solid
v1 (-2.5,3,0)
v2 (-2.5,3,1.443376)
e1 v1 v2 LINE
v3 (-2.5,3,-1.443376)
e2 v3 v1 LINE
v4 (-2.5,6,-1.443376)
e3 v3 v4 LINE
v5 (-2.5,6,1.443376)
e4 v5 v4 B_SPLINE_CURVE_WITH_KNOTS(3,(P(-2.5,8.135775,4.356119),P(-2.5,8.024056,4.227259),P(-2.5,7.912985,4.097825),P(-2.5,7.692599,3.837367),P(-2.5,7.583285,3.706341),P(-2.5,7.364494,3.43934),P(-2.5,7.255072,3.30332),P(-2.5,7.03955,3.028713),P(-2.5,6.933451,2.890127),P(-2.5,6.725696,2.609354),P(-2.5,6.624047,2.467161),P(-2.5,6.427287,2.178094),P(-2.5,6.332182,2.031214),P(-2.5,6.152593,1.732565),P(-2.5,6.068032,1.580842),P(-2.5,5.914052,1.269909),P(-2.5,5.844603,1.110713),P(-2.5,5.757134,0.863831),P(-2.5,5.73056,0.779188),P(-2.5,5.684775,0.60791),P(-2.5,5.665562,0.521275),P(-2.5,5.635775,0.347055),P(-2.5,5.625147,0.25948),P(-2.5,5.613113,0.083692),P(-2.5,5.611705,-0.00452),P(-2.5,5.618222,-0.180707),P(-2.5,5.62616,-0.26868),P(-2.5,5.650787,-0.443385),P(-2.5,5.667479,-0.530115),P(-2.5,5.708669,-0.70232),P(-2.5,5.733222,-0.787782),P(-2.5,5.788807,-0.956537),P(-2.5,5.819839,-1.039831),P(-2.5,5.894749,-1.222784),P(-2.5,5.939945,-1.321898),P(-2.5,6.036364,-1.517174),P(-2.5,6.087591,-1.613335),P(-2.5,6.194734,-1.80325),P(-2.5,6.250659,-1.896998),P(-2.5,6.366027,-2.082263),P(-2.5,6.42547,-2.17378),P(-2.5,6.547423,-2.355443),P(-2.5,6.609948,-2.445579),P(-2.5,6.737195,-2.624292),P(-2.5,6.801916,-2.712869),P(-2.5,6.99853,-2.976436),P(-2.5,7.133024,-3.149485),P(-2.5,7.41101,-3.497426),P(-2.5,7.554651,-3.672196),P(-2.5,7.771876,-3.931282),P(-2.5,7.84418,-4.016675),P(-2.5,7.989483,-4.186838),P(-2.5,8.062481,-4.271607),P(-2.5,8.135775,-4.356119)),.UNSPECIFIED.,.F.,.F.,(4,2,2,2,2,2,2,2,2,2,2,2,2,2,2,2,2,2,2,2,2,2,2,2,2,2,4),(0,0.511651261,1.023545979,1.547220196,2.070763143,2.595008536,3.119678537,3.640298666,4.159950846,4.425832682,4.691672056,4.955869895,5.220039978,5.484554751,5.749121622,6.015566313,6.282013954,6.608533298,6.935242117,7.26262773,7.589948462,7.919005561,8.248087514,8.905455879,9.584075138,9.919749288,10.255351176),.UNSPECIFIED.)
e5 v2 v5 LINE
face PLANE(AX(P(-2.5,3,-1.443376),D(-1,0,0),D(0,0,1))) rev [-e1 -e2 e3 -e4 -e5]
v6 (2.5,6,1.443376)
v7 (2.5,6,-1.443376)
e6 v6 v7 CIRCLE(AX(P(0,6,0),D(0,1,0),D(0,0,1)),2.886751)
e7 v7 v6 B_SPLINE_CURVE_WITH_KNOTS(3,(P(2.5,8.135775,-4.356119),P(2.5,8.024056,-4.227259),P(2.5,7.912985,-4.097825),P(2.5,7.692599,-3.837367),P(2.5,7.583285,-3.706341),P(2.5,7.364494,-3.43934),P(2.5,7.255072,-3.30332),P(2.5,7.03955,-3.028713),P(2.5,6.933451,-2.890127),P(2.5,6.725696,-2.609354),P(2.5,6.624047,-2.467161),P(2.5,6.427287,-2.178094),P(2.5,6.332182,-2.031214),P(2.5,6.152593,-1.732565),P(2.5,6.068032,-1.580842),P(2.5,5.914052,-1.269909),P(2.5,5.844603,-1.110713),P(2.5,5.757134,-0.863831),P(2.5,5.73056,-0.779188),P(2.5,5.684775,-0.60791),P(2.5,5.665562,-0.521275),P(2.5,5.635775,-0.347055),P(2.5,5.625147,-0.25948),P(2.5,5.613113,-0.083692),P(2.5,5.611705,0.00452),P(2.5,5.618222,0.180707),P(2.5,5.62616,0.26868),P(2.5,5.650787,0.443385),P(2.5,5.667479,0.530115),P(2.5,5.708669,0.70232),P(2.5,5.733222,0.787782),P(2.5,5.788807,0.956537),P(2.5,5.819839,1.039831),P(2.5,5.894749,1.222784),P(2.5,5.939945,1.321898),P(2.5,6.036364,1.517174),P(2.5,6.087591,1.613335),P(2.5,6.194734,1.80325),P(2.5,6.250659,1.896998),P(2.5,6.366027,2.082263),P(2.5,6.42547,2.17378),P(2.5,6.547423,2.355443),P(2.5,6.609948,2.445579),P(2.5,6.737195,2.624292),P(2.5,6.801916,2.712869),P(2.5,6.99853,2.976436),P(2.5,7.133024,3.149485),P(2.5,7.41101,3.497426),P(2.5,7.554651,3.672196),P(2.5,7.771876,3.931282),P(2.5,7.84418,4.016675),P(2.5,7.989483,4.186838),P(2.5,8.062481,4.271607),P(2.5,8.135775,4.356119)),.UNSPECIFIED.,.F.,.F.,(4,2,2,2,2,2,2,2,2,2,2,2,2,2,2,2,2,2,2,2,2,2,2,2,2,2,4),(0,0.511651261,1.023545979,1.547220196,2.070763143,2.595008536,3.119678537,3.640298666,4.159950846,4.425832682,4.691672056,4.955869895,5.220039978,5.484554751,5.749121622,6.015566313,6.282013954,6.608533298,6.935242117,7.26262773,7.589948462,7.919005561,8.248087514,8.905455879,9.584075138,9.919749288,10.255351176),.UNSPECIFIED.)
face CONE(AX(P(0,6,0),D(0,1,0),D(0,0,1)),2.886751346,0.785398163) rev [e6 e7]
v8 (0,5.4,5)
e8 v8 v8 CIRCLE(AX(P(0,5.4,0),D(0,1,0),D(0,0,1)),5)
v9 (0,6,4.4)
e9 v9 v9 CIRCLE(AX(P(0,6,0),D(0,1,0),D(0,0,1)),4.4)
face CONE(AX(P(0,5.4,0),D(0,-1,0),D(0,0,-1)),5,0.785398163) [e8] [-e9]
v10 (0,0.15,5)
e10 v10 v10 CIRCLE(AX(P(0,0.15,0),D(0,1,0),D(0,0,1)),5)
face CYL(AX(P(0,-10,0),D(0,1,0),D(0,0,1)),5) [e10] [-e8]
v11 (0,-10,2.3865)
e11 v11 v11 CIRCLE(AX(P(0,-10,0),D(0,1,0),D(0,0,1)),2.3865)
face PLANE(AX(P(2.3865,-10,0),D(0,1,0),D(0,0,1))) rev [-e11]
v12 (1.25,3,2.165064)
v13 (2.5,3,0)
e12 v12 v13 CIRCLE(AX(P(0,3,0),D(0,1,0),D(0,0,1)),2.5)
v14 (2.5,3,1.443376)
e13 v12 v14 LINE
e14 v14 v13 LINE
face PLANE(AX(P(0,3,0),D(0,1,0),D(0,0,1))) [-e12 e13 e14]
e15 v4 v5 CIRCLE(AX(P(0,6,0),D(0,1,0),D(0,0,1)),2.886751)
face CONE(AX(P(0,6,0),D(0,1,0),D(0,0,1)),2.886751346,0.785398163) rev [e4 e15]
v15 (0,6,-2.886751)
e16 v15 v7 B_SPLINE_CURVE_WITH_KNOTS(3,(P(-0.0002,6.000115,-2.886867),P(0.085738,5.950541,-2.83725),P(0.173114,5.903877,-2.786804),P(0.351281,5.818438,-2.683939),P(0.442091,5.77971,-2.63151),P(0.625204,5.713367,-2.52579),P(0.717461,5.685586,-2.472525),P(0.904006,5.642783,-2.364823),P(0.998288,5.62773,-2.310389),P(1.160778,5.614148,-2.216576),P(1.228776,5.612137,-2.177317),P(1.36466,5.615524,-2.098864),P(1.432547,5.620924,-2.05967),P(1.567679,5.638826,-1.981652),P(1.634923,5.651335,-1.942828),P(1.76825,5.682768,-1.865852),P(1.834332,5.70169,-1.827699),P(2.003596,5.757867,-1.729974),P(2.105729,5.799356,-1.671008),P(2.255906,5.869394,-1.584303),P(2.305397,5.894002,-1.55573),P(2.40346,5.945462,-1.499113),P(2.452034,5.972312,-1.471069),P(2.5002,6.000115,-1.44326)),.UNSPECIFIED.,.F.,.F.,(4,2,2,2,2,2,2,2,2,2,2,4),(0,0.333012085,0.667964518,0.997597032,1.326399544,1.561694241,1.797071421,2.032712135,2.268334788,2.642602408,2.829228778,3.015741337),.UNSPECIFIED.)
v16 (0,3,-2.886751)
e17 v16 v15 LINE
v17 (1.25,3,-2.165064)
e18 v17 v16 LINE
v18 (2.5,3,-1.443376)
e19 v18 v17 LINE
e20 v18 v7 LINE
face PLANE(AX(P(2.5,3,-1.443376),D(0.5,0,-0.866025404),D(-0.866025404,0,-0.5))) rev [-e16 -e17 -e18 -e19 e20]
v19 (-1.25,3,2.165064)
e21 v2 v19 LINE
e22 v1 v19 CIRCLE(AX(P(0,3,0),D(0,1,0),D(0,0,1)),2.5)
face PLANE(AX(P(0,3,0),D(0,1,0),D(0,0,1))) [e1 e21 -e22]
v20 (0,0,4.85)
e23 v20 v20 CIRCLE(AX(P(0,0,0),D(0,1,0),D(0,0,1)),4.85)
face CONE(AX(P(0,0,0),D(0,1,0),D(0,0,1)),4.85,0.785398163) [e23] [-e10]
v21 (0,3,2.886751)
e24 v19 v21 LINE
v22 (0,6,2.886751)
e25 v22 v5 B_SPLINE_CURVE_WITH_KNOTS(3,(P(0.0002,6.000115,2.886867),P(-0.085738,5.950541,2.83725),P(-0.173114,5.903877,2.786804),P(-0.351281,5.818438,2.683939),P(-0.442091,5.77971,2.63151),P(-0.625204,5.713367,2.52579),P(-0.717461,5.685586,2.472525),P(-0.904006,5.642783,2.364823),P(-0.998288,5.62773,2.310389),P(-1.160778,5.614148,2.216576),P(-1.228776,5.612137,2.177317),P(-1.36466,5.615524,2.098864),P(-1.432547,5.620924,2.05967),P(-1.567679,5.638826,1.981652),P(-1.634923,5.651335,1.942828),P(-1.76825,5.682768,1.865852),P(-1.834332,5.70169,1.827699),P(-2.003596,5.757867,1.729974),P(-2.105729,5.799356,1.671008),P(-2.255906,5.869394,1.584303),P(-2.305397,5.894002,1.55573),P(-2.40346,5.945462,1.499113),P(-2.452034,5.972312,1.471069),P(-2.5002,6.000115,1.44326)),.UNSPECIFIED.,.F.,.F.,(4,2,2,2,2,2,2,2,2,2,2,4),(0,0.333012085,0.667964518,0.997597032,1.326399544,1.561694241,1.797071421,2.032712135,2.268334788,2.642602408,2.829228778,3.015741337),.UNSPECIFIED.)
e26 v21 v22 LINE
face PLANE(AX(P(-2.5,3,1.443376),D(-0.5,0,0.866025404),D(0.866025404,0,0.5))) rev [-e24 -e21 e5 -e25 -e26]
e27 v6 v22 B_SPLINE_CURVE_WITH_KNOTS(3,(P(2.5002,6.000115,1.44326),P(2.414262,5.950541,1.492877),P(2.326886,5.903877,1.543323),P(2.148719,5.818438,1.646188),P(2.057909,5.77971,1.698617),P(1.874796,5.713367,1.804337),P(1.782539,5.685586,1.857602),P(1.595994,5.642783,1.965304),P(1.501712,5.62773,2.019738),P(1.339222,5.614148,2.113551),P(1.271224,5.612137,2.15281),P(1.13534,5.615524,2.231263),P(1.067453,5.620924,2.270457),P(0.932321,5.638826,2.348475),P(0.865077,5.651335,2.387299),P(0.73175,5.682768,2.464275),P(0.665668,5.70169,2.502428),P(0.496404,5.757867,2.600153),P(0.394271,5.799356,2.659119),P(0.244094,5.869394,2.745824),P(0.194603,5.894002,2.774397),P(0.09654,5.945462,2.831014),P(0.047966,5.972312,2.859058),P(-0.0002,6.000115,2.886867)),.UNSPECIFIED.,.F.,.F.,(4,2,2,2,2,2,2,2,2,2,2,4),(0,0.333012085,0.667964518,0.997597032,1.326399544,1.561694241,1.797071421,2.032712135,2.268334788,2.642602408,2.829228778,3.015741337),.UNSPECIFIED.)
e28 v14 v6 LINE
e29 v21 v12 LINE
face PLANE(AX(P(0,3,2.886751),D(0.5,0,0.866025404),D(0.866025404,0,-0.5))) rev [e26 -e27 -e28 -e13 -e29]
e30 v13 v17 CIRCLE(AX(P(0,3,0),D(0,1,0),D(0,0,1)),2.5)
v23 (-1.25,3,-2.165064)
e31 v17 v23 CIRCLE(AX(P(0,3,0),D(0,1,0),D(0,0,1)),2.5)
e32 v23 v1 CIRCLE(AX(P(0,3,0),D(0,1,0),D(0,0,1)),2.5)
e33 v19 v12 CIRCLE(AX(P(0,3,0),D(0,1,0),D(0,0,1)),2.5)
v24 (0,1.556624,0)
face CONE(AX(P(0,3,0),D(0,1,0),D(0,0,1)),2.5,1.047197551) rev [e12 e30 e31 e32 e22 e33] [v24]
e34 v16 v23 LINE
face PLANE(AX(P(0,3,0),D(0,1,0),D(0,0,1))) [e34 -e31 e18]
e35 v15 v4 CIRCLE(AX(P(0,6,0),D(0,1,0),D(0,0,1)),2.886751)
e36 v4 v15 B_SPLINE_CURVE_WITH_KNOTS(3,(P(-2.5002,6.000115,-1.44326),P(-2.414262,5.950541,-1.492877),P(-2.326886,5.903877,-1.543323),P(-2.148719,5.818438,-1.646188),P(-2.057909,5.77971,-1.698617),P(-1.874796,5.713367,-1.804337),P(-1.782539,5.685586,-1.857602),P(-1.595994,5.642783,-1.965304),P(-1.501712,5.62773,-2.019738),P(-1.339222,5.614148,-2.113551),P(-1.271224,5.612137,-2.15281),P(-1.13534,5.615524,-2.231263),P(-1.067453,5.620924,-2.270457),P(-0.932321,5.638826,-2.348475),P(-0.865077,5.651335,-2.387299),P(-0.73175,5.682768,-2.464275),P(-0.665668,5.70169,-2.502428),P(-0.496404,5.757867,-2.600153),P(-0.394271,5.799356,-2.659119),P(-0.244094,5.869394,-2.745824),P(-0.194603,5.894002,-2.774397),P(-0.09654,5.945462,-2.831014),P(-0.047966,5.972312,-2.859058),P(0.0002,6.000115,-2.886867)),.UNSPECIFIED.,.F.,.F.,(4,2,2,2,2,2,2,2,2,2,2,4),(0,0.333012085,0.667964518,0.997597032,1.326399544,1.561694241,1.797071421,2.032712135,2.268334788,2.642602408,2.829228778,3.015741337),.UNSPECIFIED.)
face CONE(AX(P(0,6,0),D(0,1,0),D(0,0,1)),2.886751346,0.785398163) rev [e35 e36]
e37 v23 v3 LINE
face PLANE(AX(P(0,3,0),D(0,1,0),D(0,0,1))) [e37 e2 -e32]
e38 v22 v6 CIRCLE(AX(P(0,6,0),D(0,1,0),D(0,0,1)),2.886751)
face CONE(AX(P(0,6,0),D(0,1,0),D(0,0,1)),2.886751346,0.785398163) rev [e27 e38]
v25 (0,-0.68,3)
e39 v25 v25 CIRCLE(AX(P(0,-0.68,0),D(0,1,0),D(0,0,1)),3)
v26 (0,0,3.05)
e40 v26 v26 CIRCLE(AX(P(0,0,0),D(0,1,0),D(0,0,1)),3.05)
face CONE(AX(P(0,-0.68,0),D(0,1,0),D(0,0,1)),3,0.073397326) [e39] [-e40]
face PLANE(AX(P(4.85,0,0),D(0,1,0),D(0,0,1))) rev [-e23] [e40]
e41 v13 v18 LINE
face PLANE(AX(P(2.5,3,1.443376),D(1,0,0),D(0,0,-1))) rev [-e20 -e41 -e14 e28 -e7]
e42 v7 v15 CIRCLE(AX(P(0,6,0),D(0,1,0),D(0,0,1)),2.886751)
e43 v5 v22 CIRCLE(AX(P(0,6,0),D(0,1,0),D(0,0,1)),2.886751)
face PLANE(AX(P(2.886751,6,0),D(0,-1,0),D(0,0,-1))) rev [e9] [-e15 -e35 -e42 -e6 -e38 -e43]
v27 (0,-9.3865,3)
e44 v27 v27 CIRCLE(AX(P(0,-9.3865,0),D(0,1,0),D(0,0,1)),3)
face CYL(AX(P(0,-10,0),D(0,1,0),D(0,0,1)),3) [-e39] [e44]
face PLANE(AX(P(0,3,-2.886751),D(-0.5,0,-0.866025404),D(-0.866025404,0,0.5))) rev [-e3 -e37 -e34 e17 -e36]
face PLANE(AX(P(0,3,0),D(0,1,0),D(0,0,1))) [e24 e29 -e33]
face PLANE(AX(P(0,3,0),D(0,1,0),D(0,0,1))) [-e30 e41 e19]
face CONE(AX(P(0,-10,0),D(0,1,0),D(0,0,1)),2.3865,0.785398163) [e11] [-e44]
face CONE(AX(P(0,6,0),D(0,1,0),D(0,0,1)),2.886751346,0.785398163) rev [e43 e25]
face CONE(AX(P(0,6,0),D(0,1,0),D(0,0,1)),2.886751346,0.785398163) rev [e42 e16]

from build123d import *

# Parameters (mm, degrees)
CUT_EXTRUDE1_DEPTH = 3


with BuildPart() as part:
    # Sketch1 → Revolve1 (revolve)
    with BuildSketch(Plane.XY):
        Polygon((0, 1.556624327), (2.5, 3), (2.5, 5.613248654), (2.886751346, 6), (4.4, 6), (5, 5.4), (5, 0.15), (4.85, 0), (3.05, 0), (3, -0.68), (3, -9.3865), (2.3865, -10), (0, -10), align=None)
    revolve(axis=Axis((0, -10, 0), (0, 1, 0)))

    # Sketch2 → Cut-Extrude1 (cut)
    with BuildSketch(Plane(origin=(0, 6, 0), x_dir=(1, 0, 0), z_dir=(0, 1, 0))):
        Polygon((-2.5, -1.443375673), (0, -2.886751346), (2.5, -1.443375673), (2.5, 1.443375673), (0, 2.886751346), (-2.5, 1.443375673), align=None)
    extrude(amount=-CUT_EXTRUDE1_DEPTH, mode=Mode.SUBTRACT)


solid = part.part
